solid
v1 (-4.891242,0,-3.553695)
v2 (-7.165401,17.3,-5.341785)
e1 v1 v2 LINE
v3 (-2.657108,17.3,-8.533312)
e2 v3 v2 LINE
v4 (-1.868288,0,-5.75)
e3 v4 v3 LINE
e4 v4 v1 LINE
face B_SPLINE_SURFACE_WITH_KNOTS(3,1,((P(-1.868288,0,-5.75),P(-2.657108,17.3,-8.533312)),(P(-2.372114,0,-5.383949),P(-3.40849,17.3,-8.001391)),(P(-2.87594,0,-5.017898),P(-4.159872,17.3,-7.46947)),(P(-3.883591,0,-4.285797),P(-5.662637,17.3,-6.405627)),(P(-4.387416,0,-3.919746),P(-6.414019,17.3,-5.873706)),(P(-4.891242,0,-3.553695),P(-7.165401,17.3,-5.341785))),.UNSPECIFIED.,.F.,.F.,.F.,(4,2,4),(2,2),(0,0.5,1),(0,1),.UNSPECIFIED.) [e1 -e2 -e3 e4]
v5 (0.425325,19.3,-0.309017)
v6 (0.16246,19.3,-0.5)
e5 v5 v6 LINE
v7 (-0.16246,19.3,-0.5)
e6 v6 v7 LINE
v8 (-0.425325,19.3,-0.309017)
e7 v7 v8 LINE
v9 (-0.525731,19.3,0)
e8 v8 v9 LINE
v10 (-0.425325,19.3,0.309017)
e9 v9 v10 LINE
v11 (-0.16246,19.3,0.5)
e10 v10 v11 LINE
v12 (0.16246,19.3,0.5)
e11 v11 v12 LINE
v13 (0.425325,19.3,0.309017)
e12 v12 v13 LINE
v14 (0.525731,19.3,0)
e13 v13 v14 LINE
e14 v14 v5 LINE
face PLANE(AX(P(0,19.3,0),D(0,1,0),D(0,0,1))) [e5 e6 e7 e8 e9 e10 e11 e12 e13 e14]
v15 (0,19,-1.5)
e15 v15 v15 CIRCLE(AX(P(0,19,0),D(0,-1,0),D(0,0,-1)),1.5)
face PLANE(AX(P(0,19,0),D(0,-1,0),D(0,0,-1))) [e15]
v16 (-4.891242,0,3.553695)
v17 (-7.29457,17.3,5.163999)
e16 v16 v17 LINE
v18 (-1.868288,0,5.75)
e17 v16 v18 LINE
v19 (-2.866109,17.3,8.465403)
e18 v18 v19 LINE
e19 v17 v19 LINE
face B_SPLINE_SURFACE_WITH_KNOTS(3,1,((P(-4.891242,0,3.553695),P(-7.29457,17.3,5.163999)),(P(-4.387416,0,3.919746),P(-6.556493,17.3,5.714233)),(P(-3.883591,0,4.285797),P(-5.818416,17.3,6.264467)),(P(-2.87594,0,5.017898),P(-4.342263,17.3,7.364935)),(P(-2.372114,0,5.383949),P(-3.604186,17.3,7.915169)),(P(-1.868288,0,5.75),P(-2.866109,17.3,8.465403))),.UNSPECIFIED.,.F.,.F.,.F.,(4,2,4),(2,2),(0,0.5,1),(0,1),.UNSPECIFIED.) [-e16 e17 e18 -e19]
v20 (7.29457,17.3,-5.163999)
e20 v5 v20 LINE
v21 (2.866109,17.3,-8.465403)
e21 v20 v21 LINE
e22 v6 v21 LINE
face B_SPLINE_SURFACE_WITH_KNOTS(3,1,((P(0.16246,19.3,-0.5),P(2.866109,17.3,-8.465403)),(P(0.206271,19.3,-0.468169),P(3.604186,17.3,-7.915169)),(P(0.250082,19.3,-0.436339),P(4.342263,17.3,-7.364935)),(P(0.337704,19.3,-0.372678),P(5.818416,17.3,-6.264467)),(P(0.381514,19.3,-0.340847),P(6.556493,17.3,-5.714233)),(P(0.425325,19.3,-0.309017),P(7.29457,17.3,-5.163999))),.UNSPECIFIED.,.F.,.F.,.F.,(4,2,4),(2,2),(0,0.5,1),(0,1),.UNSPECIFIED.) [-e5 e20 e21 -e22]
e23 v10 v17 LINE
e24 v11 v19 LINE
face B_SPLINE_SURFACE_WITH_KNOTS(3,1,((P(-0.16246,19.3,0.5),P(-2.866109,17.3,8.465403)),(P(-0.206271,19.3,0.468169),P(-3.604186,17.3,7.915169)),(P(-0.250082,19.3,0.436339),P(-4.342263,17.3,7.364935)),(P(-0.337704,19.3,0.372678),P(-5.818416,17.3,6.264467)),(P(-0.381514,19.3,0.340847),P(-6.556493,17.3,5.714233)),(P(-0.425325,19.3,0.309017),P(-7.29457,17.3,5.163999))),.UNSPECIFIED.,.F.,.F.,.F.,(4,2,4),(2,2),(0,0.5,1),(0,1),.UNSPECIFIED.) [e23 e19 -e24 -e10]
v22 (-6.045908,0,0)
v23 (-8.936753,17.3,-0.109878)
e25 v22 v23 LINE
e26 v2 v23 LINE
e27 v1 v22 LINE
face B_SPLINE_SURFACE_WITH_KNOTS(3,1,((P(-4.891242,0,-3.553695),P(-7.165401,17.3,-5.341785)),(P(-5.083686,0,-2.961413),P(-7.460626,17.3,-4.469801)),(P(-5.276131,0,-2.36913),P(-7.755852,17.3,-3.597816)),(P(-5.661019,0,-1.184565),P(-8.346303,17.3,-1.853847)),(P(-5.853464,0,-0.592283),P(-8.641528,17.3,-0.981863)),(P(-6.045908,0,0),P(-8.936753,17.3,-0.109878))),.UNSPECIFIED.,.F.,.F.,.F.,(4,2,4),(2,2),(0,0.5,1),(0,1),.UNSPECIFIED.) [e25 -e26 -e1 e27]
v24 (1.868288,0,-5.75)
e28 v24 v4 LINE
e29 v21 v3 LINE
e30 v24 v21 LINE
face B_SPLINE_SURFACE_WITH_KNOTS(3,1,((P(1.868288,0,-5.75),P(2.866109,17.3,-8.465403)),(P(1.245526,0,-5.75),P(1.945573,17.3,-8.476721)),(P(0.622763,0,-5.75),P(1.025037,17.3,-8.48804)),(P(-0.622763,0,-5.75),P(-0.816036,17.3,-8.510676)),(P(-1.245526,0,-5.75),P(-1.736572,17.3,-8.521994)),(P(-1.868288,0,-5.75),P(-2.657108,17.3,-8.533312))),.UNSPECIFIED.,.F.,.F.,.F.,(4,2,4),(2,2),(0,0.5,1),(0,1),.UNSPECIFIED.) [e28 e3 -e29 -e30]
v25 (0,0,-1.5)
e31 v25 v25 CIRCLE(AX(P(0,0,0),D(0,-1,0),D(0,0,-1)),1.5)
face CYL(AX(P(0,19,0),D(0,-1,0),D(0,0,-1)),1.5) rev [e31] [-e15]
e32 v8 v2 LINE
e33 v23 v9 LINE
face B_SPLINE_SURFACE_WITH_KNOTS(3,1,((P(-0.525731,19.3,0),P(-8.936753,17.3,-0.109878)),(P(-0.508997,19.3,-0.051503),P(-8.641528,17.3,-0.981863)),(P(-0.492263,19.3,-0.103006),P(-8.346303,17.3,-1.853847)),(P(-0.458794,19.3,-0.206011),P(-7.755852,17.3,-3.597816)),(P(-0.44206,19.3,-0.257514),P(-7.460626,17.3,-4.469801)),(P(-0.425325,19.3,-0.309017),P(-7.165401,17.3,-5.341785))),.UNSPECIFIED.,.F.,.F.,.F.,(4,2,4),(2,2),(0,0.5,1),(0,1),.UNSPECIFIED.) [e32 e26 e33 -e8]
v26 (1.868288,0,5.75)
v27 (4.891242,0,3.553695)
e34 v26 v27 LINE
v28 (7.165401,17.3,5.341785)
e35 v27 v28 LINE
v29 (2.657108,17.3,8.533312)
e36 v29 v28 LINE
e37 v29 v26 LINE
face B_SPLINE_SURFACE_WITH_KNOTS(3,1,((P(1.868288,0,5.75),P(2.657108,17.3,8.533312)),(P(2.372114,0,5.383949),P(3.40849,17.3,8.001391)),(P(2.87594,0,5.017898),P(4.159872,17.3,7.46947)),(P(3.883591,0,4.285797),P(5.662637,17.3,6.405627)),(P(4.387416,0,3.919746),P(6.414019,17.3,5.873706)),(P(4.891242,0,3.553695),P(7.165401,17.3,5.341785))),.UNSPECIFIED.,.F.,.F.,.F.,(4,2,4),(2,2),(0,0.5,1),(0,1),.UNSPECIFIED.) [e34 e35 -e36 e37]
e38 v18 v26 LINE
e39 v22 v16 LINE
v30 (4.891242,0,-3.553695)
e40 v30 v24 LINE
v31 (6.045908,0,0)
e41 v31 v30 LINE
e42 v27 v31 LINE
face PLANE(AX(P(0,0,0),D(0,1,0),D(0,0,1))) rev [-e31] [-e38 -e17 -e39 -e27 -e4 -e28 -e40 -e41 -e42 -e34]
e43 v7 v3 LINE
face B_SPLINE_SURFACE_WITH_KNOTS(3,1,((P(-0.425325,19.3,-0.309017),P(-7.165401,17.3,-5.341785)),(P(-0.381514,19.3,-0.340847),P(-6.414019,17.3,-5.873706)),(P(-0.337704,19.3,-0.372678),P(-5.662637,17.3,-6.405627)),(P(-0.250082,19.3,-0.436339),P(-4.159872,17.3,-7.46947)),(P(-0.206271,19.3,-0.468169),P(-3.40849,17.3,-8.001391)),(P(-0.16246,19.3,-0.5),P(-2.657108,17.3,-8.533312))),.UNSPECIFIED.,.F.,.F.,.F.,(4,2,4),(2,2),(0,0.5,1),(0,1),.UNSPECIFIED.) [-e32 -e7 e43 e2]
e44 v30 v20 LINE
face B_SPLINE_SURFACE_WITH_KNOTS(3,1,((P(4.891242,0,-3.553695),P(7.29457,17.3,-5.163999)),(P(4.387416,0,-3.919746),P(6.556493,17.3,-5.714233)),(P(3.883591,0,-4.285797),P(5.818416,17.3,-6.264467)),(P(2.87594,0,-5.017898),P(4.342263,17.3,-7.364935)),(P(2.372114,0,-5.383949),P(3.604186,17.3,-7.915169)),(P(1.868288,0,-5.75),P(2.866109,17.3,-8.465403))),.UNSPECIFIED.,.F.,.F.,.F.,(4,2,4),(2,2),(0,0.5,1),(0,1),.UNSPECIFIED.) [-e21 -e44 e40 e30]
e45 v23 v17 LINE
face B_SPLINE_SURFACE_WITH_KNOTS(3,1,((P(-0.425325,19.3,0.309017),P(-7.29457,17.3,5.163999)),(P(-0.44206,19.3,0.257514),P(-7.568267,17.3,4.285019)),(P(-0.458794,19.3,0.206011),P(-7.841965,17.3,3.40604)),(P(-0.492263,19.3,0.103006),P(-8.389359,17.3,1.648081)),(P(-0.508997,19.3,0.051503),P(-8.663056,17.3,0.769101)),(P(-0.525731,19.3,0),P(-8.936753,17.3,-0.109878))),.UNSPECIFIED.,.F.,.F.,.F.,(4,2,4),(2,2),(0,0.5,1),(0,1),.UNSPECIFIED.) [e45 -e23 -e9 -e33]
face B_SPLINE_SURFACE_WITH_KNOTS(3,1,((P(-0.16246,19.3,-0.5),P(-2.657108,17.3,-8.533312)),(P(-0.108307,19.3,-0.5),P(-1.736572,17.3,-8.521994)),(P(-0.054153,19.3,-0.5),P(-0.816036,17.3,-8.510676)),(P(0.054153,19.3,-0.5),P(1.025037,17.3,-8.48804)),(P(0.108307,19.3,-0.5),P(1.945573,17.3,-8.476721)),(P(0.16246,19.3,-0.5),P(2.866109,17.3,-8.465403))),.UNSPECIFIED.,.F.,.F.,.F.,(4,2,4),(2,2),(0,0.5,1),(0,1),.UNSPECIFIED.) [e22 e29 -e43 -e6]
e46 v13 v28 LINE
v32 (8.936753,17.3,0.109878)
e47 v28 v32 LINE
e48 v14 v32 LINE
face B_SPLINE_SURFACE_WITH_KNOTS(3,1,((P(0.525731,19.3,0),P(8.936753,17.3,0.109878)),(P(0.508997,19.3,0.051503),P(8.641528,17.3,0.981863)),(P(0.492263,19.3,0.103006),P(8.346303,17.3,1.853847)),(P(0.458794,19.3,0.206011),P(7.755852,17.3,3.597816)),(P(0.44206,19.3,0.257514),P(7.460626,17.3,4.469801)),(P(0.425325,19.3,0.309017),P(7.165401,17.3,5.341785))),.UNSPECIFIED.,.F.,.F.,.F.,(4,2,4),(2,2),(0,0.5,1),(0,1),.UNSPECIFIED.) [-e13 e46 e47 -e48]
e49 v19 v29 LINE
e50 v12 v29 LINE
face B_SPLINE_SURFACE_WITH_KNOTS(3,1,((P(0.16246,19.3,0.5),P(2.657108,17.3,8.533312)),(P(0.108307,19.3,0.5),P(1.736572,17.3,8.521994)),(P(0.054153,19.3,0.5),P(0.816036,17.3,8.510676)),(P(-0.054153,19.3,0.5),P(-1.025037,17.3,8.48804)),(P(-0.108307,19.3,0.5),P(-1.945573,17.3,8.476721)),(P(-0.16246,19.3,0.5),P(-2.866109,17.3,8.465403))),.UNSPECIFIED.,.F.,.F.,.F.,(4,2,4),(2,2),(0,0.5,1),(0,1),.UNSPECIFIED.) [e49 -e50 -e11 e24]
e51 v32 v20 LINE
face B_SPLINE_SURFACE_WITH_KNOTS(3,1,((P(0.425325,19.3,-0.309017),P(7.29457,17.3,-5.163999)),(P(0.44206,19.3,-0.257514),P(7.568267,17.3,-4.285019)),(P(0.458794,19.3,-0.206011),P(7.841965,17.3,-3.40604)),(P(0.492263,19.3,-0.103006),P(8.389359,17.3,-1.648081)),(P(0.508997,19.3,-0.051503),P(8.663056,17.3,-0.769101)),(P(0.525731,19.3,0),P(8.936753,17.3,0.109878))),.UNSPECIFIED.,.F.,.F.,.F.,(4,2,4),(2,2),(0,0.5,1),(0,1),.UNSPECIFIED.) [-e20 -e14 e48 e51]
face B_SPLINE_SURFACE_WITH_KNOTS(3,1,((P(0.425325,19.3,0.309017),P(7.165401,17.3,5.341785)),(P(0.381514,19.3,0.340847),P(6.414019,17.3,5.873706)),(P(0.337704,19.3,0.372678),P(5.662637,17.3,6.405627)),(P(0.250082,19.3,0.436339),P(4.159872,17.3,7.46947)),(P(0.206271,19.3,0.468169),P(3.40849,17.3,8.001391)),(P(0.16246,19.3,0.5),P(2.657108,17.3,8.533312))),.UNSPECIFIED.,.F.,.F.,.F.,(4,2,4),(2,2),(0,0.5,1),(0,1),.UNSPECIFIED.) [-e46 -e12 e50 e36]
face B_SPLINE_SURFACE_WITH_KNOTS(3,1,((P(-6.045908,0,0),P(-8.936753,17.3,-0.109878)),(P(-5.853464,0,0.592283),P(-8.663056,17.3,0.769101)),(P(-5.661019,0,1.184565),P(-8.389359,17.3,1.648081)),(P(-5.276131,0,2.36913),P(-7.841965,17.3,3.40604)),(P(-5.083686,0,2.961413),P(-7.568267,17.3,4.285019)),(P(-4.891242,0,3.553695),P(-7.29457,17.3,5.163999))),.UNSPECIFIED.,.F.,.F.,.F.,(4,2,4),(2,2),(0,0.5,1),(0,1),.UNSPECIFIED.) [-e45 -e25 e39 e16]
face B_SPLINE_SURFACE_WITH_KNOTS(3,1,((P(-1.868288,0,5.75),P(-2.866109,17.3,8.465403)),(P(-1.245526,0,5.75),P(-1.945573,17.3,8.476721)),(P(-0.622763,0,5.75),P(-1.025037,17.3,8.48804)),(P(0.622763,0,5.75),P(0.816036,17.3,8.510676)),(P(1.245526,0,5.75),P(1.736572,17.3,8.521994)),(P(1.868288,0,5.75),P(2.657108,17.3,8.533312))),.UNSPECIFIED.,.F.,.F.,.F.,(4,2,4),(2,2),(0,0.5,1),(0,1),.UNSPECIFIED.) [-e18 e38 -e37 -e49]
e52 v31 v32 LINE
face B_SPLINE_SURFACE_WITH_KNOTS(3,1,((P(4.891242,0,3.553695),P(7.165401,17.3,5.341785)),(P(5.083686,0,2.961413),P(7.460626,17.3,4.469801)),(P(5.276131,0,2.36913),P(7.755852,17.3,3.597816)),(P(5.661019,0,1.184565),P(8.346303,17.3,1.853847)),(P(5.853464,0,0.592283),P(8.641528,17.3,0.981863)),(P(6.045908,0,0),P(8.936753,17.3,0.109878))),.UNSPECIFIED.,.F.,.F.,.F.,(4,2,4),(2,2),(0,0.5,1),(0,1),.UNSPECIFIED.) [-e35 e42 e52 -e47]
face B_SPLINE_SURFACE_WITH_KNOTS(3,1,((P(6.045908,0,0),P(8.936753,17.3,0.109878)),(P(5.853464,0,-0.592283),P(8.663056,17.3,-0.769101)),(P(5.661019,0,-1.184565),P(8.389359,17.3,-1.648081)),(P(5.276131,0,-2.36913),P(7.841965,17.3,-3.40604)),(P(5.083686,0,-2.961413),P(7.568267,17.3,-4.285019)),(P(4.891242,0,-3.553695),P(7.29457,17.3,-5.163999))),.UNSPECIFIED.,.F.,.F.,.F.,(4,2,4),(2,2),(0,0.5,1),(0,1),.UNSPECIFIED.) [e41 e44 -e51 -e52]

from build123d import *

# Parameters (mm, degrees)
CROQUIS5_R            = 1.5
CORTAR_EXTRUIR1_DEPTH = 19


with BuildPart() as part:
    # Croquis1 → Recubrir1 section 0
    with BuildSketch(Plane(origin=(0, 0, 0), x_dir=(1, 0, 0), z_dir=(0, 1, 0))):
        with BuildLine():
            Line((-6.045907789, 0), (-4.891242148, -3.553695435))
            Line((-4.891242148, -3.553695435), (-1.868288253, -5.75))
            Line((-1.868288253, -5.75), (1.868288253, -5.75))
            Line((1.868288253, -5.75), (4.891242148, -3.553695435))
            Line((4.891242148, -3.553695435), (6.045907789, 0))
            Line((6.045907789, 0), (4.891242148, 3.553695435))
            Line((4.891242148, 3.553695435), (1.868288253, 5.75))
            Line((1.868288253, 5.75), (-1.868288253, 5.75))
            Line((-1.868288253, 5.75), (-4.891242148, 3.553695435))
            Line((-4.891242148, 3.553695435), (-6.045907789, 0))
        make_face()
    # Croquis2 → Recubrir1 section 1
    with BuildSketch(Plane(origin=(0, 17.3, 0), x_dir=(1, 0, 0), z_dir=(0, 1, 0))):
        with BuildLine():
            Line((-8.936753451, 0.109878116), (-7.294570153, -5.163998619))
            Line((-7.294570153, -5.163998619), (-2.866108989, -8.465403399))
            Line((-2.866108989, -8.465403399), (2.657108393, -8.53331181))
            Line((2.657108393, -8.53331181), (7.16540068, -5.341785145))
            Line((7.16540068, -5.341785145), (8.936753451, -0.109878116))
            Line((8.936753451, -0.109878116), (7.294570153, 5.163998619))
            Line((7.294570153, 5.163998619), (2.866108989, 8.465403399))
            Line((2.866108989, 8.465403399), (-2.657108393, 8.53331181))
            Line((-2.657108393, 8.53331181), (-7.16540068, 5.341785145))
            Line((-7.16540068, 5.341785145), (-8.936753451, 0.109878116))
        make_face()
    loft()

    # Croquis4 → Recubrir2 section 0
    with BuildSketch(Plane(origin=(0, 19.3, 0), x_dir=(1, 0, 0), z_dir=(0, 1, 0))):
        with BuildLine():
            Line((-0.525731112, 0), (-0.425325404, -0.309016994))
            Line((-0.425325404, -0.309016994), (-0.162459848, -0.5))
            Line((-0.162459848, -0.5), (0.162459848, -0.5))
            Line((0.162459848, -0.5), (0.425325404, -0.309016994))
            Line((0.425325404, -0.309016994), (0.525731112, 0))
            Line((0.525731112, 0), (0.425325404, 0.309016994))
            Line((0.425325404, 0.309016994), (0.162459848, 0.5))
            Line((0.162459848, 0.5), (-0.162459848, 0.5))
            Line((-0.162459848, 0.5), (-0.425325404, 0.309016994))
            Line((-0.425325404, 0.309016994), (-0.525731112, 0))
        make_face()
    # Croquis2<3> → Recubrir2 section 1
    with BuildSketch(Plane(origin=(0, 17.3, 0), x_dir=(1, 0, 0), z_dir=(0, 1, 0))):
        with BuildLine():
            Line((-8.936753451, 0.109878116), (-7.294570153, -5.163998619))
            Line((-7.294570153, -5.163998619), (-2.866108989, -8.465403399))
            Line((-2.866108989, -8.465403399), (2.657108393, -8.53331181))
            Line((2.657108393, -8.53331181), (7.16540068, -5.341785145))
            Line((7.16540068, -5.341785145), (8.936753451, -0.109878116))
            Line((8.936753451, -0.109878116), (7.294570153, 5.163998619))
            Line((7.294570153, 5.163998619), (2.866108989, 8.465403399))
            Line((2.866108989, 8.465403399), (-2.657108393, 8.53331181))
            Line((-2.657108393, 8.53331181), (-7.16540068, 5.341785145))
            Line((-7.16540068, 5.341785145), (-8.936753451, 0.109878116))
        make_face()
    loft()

    # Croquis5 → Cortar-Extruir1 (cut)
    with BuildSketch(Plane.XZ):
        Circle(CROQUIS5_R)
    extrude(amount=-CORTAR_EXTRUIR1_DEPTH, mode=Mode.SUBTRACT)


solid = part.part
